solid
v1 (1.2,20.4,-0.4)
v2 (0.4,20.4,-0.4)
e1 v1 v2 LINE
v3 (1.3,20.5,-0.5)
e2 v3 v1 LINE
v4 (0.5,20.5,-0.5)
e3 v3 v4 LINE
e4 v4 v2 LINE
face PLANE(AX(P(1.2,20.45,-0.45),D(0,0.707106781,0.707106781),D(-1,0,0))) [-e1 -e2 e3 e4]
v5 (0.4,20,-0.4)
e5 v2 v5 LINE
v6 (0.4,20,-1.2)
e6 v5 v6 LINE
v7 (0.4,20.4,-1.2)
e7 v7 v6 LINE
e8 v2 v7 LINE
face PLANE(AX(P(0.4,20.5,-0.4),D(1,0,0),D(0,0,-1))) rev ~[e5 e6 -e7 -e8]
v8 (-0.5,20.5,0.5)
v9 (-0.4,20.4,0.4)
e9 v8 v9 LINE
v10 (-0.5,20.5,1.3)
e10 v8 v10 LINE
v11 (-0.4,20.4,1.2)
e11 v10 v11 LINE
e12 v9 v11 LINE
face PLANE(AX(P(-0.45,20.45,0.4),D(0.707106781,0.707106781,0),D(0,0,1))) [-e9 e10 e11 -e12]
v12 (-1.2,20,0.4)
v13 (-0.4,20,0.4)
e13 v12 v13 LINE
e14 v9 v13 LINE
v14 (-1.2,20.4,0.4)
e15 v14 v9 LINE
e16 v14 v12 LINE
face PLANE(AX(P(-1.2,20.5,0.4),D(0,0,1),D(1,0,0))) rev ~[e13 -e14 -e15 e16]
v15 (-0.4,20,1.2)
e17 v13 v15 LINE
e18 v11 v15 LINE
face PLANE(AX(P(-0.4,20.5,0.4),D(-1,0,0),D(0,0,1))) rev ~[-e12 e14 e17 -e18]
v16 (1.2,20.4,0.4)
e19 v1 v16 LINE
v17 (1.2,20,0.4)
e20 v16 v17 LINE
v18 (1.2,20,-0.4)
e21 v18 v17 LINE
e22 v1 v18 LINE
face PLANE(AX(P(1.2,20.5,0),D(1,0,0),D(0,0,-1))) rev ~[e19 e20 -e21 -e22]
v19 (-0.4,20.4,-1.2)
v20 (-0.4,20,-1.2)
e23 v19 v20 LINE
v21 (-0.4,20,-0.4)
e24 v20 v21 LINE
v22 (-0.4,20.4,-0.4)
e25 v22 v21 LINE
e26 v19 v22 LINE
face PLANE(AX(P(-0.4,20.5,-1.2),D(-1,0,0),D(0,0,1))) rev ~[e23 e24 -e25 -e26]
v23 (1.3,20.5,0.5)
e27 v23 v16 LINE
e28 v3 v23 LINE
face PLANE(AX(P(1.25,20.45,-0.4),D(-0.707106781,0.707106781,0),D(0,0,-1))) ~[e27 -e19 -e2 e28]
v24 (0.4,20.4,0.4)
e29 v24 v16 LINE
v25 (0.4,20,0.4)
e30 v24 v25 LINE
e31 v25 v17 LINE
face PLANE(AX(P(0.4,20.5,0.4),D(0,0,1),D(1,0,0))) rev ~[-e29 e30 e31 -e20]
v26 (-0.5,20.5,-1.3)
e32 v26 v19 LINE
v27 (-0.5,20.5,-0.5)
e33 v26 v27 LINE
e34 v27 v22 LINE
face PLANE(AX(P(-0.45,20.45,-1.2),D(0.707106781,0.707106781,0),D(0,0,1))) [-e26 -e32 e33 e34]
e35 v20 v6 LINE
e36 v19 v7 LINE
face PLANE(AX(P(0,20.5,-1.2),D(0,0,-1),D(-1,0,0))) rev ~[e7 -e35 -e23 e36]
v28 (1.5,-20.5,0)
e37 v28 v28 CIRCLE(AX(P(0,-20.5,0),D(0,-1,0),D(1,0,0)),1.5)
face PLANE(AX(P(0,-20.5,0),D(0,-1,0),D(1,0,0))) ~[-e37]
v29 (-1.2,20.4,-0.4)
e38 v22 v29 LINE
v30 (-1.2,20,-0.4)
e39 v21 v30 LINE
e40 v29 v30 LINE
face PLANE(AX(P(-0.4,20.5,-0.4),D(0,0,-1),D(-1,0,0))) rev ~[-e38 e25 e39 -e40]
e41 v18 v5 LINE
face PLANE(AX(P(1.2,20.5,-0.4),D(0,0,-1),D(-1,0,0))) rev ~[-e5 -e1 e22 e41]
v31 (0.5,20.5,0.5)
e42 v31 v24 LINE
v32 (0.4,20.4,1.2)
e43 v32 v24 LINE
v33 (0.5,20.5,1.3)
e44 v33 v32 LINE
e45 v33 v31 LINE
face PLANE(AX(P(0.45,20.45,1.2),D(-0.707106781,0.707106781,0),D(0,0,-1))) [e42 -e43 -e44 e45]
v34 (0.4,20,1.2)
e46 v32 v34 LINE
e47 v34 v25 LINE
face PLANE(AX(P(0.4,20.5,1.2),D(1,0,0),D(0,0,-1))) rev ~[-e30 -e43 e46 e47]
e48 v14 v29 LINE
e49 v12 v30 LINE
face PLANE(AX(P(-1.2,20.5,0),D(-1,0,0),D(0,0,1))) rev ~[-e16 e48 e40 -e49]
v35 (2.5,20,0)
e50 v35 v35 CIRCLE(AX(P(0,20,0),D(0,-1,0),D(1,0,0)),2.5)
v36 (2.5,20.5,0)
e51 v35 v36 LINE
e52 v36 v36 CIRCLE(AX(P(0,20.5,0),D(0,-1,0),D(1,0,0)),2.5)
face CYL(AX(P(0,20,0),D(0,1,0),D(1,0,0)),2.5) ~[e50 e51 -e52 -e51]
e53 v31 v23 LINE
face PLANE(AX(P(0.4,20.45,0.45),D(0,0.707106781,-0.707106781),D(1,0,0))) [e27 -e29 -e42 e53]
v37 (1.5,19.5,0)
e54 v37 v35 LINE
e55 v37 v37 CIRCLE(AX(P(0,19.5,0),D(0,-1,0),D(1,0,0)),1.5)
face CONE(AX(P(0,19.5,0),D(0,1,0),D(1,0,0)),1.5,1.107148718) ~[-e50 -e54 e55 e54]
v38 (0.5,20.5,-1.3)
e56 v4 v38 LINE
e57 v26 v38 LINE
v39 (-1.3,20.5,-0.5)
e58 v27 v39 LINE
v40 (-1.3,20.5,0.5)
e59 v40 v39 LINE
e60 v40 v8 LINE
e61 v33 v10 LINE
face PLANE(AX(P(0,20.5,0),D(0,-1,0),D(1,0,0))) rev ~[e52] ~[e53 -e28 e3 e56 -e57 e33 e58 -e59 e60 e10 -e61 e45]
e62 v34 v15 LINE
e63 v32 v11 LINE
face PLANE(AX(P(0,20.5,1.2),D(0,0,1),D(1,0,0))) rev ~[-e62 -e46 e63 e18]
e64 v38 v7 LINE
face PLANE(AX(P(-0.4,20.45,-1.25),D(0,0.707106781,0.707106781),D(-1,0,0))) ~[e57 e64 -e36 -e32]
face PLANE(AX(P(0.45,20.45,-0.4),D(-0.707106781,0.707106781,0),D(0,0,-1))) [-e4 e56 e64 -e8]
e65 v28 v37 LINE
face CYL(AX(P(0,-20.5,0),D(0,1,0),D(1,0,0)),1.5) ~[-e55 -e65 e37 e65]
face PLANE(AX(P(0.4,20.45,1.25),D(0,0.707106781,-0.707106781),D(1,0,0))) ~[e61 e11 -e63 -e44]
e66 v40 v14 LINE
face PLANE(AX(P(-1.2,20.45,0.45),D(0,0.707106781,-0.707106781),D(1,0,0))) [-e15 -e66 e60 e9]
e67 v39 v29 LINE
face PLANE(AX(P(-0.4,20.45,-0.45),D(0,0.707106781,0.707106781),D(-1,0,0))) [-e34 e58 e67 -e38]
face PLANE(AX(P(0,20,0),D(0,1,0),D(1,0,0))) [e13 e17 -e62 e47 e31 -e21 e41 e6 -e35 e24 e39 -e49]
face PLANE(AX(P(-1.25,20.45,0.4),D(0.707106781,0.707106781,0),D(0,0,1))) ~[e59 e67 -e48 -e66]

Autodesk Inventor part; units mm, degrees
ref_plane "YZ Plane" through (0, 0, 0) normal (1, 0, 0) x (0, 1, 0)
ref_plane "XZ Plane" through (0, 0, 0) normal (0, 1, 0) x (-1, 0, 0)
ref_plane "XY Plane" through (0, 0, 0) normal (0, 0, 1) x (1, 0, 0)
sketch "Sketch1" plane through (0, 0, 0) normal (0, 0, 1) x (1, 0, 0)
  line L0 (0, -20.5) -> (1.5, -20.5)
  line L1 (1.5, -20.5) -> (1.5, 19.5)
  line L2 (2.5, 20.5) -> (0, 20.5)
  line L3 (0, 20.5) -> (0, -20.5)
  line L4 (1.5, 19.5) -> (2.5, 20)
  line L5 (2.5, 20) -> (2.5, 20.5)
  point P0 (0, 0)
  point P1 (0, 0)
  dimension "d0" = 1.5
  dimension "d1" = 41
  dimension "d2" = 2.5
  dimension "d3" = 40
  dimension "d15" = 0.5
revolve "Revolution1" add sketch "Sketch1" angle 360 about axis through (0, 20.5, 0) along (0, -1, 0)
sketch "Sketch2" plane through (0, 20.5, 0) normal (0, 1, 0) x (1, 0, 0)
  line L0 (0, 1.2) -> (-0.4, 1.2)
  circle A0 centre (0, 0) radius 1.5 projected
  line L1 (-1.2, 0.4) -> (-1.2, 0)
  line L2 (-0.4, 1.2) -> (-0.4, 0.4)
  line L3 (-0.4, 0.4) -> (-1.2, 0.4)
  line L4 (-1.2, 0) -> (-1.2, -0.4)
  line L5 (-1.2, -0.4) -> (-0.4, -0.4)
  line L6 (-0.4, -0.4) -> (-0.4, -1.2)
  line L7 (-0.4, -1.2) -> (0, -1.2)
  line L8 (0, -1.2) -> (0.4, -1.2)
  line L9 (0.4, -1.2) -> (0.4, -0.4)
  line L10 (0.4, -0.4) -> (1.2, -0.4)
  line L11 (1.2, -0.4) -> (1.2, 0)
  line L12 (1.2, 0) -> (1.2, 0.4)
  line L13 (1.2, 0.4) -> (0.4, 0.4)
  line L14 (0.4, 0.4) -> (0.4, 1.2)
  line L15 (0.4, 1.2) -> (0, 1.2)
  line L16 (-1.2, -0.4) -> (-1.2, 0.4)
  line L17 (-0.4, 1.2) -> (0.4, 1.2)
  line L18 (1.2, -0.4) -> (1.2, 0.4)
  line L19 (0.4, -1.2) -> (-0.4, -1.2)
  point P0 (0, 0)
  dimension "d5" = 1.2
  dimension "d6" = 1.2
  dimension "d8" = 0.4
  dimension "d11" = 360
extrude "Extrusion1" cut sketch "Sketch2" against normal blind 0.5 contours L15 L14 L13 L12 L11 L10 L9 L8 L7 L6 L5 L4 L1 L3 L2 L0
thread "Thread1" size "M3x0.5" class "6g" standard "ANSI Metric M Profile" full length
chamfer "Chamfer1" distance 0.1 angle 45 12 edges at (-0.8, 20.5, -0.4) (-0.4, 20.5, -0.8) (0, 20.5, -1.2) (0.4, 20.5, -0.8) (0.8, 20.5, -0.4) (1.2, 20.5, 0) (0.8, 20.5, 0.4) (0.4, 20.5, 0.8) (0, 20.5, 1.2) (-0.4, 20.5, 0.8) (-1.2, 20.5, 0) (-0.8, 20.5, 0.4)
equation "\"d6\" = d5"
properties part number "M3x40mm"
